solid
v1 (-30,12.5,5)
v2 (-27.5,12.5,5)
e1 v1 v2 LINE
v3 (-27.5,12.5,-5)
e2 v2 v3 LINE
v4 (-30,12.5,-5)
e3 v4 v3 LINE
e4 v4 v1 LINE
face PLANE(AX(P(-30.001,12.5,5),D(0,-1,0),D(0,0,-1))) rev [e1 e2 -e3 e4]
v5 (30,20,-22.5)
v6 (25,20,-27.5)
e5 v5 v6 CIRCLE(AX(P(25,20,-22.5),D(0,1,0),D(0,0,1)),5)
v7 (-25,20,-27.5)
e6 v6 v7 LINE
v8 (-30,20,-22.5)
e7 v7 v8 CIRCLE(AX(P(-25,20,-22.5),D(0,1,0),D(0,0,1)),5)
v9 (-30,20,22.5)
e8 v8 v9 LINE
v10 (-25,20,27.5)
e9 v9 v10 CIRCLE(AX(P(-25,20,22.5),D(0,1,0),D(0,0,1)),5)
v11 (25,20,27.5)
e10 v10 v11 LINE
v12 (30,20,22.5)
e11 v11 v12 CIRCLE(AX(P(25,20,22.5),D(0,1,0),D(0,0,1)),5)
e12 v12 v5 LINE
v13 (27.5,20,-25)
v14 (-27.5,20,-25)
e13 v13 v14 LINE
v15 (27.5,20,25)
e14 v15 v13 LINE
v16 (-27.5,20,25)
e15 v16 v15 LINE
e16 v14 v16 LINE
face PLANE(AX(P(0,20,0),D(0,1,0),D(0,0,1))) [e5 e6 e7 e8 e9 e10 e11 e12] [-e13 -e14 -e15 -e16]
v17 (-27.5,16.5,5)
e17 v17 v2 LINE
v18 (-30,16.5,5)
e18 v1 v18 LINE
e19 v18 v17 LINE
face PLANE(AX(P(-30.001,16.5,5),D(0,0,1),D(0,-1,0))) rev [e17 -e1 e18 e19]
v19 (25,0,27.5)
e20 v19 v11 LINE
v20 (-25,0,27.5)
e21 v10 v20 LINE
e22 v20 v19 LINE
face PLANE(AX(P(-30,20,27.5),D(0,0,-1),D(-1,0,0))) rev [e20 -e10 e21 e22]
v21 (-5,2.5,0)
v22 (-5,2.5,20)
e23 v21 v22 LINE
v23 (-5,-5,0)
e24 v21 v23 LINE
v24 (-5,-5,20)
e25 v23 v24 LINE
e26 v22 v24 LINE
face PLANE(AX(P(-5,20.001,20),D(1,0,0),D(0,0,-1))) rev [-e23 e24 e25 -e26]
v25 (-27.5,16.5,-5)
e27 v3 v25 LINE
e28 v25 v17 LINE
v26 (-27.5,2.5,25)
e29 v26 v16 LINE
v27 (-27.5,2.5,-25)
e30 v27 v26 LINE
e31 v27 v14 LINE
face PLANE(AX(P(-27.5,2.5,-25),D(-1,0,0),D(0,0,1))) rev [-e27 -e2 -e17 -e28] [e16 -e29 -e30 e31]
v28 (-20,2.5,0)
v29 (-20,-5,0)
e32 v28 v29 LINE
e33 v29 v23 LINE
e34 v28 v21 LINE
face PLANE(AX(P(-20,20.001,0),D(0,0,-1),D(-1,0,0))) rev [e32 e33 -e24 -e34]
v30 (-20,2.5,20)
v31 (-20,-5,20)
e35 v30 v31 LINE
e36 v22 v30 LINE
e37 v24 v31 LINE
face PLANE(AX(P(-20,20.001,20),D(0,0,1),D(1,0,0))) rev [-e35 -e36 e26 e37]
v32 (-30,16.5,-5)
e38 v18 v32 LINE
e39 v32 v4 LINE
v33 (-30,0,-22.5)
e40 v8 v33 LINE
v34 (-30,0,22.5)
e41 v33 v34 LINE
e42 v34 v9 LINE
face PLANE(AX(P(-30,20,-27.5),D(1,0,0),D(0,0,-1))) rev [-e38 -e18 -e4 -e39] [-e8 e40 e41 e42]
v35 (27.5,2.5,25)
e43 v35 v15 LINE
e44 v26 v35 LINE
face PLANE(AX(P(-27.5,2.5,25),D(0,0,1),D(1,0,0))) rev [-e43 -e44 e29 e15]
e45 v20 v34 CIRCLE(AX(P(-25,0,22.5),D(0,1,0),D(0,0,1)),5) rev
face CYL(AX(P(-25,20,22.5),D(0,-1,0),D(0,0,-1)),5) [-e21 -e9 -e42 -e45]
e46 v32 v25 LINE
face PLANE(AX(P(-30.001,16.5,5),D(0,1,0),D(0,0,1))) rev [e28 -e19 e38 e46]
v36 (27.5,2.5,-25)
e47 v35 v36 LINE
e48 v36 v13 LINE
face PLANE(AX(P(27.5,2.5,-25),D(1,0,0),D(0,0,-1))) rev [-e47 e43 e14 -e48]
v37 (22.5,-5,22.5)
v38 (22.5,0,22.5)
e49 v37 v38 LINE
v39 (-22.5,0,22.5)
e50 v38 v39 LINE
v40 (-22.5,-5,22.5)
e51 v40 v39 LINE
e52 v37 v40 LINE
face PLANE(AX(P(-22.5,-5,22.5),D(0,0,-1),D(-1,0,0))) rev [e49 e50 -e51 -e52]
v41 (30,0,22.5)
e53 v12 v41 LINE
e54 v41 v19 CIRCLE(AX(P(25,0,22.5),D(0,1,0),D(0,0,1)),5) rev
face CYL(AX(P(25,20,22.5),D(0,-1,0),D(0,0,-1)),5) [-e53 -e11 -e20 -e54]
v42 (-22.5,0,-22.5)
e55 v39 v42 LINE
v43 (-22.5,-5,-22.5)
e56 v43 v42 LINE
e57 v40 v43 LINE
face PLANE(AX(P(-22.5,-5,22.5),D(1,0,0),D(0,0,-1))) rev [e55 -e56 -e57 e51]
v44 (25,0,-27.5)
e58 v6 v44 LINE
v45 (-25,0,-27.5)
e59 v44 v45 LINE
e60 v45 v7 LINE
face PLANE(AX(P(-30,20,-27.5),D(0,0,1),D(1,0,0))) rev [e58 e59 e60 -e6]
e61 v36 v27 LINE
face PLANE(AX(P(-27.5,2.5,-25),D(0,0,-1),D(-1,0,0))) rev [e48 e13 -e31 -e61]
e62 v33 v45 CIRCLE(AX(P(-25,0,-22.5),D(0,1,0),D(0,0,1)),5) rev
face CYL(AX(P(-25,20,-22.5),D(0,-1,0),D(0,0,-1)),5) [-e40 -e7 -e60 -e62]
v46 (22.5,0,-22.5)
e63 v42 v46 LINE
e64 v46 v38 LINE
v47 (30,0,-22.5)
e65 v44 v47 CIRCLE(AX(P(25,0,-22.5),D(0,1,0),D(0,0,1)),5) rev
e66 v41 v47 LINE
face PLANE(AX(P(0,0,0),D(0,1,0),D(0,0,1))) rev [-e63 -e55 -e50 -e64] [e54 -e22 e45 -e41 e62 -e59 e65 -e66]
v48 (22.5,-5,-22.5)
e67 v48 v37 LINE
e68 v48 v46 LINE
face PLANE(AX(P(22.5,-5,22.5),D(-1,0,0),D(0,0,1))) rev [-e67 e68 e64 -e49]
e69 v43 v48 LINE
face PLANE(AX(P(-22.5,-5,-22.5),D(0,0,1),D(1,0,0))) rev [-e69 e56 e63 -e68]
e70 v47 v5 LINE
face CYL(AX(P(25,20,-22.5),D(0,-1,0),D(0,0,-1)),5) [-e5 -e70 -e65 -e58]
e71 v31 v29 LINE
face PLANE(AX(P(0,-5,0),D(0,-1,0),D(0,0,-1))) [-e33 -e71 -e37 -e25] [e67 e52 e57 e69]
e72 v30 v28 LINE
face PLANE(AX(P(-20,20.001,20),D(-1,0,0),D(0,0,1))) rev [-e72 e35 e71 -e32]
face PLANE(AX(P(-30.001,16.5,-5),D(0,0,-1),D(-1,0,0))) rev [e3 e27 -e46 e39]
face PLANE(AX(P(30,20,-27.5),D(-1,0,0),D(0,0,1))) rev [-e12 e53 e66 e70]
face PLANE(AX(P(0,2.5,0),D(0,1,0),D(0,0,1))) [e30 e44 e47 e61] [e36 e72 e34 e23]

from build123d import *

# Parameters (mm, degrees)
SKETCH5_W           = 60
SKETCH5_H           = 55
BOSS_EXTRUDE4_DEPTH = 20
SKETCH6_W           = 55
SKETCH6_H           = 50
CUT_EXTRUDE2_DEPTH  = 17.5
FILLET1_R           = 5
SKETCH8_W           = 45
SKETCH8_H           = 45
BOSS_EXTRUDE5_DEPTH = 5
CUT_EXTRUDE4_REACH  = 49.762
SKETCH9_W           = 15
SKETCH9_H           = 20
CUT_EXTRUDE5_REACH  = 68.802
SKETCH11_W          = 10
SKETCH11_H          = 4


with BuildPart() as part:
    # Sketch5 → Boss-Extrude4 (new body)
    with BuildSketch(Plane(origin=(0, 0, 0), x_dir=(1, 0, 0), z_dir=(0, 1, 0))):
        Rectangle(SKETCH5_W, SKETCH5_H)
    extrude(amount=BOSS_EXTRUDE4_DEPTH)

    # Sketch6 → Cut-Extrude2 (cut)
    with BuildSketch(Plane(origin=(0, 20, 0), x_dir=(1, 0, 0), z_dir=(0, 1, 0))):
        Rectangle(SKETCH6_W, SKETCH6_H)
    extrude(amount=-CUT_EXTRUDE2_DEPTH, mode=Mode.SUBTRACT)

    # Fillet1
    fillet1_edges = [part.edges().sort_by_distance(p)[0] for p in [
        (-30, 10, -27.5),
        (30, 10, -27.5),
        (30, 10, 27.5),
        (-30, 10, 27.5),
    ]]
    fillet(fillet1_edges, radius=FILLET1_R)

    # Sketch8 → Boss-Extrude5 (add)
    with BuildSketch(Plane.XZ):
        Rectangle(SKETCH8_W, SKETCH8_H)
    extrude(amount=BOSS_EXTRUDE5_DEPTH)

    # Sketch9 → Cut-Extrude4 (cut, up to next)
    with BuildSketch(Plane.XZ.offset(5), mode=Mode.PRIVATE) as cut_extrude4_sk1:
        with Locations((-12.5, 10)):
            Rectangle(SKETCH9_W, SKETCH9_H)
    cut_extrude4_tool1 = extrude(cut_extrude4_sk1.sketch, amount=-CUT_EXTRUDE4_REACH, mode=Mode.PRIVATE) & part.part
    add(cut_extrude4_tool1.solids().sort_by_distance((-12.5, -5, 10))[0], mode=Mode.SUBTRACT)

    # Sketch11 → Cut-Extrude5 (cut, up to next)
    with BuildSketch(Plane(origin=(-27.5, 0, 0), x_dir=(0, 0, -1), z_dir=(1, 0, 0)), mode=Mode.PRIVATE) as cut_extrude5_sk1:
        with Locations((0, 14.5)):
            Rectangle(SKETCH11_W, SKETCH11_H)
    cut_extrude5_tool1 = extrude(cut_extrude5_sk1.sketch, amount=-CUT_EXTRUDE5_REACH, mode=Mode.PRIVATE) & part.part
    add(cut_extrude5_tool1.solids().sort_by_distance((-27.5, 14.5, 0))[0], mode=Mode.SUBTRACT)


solid = part.part
